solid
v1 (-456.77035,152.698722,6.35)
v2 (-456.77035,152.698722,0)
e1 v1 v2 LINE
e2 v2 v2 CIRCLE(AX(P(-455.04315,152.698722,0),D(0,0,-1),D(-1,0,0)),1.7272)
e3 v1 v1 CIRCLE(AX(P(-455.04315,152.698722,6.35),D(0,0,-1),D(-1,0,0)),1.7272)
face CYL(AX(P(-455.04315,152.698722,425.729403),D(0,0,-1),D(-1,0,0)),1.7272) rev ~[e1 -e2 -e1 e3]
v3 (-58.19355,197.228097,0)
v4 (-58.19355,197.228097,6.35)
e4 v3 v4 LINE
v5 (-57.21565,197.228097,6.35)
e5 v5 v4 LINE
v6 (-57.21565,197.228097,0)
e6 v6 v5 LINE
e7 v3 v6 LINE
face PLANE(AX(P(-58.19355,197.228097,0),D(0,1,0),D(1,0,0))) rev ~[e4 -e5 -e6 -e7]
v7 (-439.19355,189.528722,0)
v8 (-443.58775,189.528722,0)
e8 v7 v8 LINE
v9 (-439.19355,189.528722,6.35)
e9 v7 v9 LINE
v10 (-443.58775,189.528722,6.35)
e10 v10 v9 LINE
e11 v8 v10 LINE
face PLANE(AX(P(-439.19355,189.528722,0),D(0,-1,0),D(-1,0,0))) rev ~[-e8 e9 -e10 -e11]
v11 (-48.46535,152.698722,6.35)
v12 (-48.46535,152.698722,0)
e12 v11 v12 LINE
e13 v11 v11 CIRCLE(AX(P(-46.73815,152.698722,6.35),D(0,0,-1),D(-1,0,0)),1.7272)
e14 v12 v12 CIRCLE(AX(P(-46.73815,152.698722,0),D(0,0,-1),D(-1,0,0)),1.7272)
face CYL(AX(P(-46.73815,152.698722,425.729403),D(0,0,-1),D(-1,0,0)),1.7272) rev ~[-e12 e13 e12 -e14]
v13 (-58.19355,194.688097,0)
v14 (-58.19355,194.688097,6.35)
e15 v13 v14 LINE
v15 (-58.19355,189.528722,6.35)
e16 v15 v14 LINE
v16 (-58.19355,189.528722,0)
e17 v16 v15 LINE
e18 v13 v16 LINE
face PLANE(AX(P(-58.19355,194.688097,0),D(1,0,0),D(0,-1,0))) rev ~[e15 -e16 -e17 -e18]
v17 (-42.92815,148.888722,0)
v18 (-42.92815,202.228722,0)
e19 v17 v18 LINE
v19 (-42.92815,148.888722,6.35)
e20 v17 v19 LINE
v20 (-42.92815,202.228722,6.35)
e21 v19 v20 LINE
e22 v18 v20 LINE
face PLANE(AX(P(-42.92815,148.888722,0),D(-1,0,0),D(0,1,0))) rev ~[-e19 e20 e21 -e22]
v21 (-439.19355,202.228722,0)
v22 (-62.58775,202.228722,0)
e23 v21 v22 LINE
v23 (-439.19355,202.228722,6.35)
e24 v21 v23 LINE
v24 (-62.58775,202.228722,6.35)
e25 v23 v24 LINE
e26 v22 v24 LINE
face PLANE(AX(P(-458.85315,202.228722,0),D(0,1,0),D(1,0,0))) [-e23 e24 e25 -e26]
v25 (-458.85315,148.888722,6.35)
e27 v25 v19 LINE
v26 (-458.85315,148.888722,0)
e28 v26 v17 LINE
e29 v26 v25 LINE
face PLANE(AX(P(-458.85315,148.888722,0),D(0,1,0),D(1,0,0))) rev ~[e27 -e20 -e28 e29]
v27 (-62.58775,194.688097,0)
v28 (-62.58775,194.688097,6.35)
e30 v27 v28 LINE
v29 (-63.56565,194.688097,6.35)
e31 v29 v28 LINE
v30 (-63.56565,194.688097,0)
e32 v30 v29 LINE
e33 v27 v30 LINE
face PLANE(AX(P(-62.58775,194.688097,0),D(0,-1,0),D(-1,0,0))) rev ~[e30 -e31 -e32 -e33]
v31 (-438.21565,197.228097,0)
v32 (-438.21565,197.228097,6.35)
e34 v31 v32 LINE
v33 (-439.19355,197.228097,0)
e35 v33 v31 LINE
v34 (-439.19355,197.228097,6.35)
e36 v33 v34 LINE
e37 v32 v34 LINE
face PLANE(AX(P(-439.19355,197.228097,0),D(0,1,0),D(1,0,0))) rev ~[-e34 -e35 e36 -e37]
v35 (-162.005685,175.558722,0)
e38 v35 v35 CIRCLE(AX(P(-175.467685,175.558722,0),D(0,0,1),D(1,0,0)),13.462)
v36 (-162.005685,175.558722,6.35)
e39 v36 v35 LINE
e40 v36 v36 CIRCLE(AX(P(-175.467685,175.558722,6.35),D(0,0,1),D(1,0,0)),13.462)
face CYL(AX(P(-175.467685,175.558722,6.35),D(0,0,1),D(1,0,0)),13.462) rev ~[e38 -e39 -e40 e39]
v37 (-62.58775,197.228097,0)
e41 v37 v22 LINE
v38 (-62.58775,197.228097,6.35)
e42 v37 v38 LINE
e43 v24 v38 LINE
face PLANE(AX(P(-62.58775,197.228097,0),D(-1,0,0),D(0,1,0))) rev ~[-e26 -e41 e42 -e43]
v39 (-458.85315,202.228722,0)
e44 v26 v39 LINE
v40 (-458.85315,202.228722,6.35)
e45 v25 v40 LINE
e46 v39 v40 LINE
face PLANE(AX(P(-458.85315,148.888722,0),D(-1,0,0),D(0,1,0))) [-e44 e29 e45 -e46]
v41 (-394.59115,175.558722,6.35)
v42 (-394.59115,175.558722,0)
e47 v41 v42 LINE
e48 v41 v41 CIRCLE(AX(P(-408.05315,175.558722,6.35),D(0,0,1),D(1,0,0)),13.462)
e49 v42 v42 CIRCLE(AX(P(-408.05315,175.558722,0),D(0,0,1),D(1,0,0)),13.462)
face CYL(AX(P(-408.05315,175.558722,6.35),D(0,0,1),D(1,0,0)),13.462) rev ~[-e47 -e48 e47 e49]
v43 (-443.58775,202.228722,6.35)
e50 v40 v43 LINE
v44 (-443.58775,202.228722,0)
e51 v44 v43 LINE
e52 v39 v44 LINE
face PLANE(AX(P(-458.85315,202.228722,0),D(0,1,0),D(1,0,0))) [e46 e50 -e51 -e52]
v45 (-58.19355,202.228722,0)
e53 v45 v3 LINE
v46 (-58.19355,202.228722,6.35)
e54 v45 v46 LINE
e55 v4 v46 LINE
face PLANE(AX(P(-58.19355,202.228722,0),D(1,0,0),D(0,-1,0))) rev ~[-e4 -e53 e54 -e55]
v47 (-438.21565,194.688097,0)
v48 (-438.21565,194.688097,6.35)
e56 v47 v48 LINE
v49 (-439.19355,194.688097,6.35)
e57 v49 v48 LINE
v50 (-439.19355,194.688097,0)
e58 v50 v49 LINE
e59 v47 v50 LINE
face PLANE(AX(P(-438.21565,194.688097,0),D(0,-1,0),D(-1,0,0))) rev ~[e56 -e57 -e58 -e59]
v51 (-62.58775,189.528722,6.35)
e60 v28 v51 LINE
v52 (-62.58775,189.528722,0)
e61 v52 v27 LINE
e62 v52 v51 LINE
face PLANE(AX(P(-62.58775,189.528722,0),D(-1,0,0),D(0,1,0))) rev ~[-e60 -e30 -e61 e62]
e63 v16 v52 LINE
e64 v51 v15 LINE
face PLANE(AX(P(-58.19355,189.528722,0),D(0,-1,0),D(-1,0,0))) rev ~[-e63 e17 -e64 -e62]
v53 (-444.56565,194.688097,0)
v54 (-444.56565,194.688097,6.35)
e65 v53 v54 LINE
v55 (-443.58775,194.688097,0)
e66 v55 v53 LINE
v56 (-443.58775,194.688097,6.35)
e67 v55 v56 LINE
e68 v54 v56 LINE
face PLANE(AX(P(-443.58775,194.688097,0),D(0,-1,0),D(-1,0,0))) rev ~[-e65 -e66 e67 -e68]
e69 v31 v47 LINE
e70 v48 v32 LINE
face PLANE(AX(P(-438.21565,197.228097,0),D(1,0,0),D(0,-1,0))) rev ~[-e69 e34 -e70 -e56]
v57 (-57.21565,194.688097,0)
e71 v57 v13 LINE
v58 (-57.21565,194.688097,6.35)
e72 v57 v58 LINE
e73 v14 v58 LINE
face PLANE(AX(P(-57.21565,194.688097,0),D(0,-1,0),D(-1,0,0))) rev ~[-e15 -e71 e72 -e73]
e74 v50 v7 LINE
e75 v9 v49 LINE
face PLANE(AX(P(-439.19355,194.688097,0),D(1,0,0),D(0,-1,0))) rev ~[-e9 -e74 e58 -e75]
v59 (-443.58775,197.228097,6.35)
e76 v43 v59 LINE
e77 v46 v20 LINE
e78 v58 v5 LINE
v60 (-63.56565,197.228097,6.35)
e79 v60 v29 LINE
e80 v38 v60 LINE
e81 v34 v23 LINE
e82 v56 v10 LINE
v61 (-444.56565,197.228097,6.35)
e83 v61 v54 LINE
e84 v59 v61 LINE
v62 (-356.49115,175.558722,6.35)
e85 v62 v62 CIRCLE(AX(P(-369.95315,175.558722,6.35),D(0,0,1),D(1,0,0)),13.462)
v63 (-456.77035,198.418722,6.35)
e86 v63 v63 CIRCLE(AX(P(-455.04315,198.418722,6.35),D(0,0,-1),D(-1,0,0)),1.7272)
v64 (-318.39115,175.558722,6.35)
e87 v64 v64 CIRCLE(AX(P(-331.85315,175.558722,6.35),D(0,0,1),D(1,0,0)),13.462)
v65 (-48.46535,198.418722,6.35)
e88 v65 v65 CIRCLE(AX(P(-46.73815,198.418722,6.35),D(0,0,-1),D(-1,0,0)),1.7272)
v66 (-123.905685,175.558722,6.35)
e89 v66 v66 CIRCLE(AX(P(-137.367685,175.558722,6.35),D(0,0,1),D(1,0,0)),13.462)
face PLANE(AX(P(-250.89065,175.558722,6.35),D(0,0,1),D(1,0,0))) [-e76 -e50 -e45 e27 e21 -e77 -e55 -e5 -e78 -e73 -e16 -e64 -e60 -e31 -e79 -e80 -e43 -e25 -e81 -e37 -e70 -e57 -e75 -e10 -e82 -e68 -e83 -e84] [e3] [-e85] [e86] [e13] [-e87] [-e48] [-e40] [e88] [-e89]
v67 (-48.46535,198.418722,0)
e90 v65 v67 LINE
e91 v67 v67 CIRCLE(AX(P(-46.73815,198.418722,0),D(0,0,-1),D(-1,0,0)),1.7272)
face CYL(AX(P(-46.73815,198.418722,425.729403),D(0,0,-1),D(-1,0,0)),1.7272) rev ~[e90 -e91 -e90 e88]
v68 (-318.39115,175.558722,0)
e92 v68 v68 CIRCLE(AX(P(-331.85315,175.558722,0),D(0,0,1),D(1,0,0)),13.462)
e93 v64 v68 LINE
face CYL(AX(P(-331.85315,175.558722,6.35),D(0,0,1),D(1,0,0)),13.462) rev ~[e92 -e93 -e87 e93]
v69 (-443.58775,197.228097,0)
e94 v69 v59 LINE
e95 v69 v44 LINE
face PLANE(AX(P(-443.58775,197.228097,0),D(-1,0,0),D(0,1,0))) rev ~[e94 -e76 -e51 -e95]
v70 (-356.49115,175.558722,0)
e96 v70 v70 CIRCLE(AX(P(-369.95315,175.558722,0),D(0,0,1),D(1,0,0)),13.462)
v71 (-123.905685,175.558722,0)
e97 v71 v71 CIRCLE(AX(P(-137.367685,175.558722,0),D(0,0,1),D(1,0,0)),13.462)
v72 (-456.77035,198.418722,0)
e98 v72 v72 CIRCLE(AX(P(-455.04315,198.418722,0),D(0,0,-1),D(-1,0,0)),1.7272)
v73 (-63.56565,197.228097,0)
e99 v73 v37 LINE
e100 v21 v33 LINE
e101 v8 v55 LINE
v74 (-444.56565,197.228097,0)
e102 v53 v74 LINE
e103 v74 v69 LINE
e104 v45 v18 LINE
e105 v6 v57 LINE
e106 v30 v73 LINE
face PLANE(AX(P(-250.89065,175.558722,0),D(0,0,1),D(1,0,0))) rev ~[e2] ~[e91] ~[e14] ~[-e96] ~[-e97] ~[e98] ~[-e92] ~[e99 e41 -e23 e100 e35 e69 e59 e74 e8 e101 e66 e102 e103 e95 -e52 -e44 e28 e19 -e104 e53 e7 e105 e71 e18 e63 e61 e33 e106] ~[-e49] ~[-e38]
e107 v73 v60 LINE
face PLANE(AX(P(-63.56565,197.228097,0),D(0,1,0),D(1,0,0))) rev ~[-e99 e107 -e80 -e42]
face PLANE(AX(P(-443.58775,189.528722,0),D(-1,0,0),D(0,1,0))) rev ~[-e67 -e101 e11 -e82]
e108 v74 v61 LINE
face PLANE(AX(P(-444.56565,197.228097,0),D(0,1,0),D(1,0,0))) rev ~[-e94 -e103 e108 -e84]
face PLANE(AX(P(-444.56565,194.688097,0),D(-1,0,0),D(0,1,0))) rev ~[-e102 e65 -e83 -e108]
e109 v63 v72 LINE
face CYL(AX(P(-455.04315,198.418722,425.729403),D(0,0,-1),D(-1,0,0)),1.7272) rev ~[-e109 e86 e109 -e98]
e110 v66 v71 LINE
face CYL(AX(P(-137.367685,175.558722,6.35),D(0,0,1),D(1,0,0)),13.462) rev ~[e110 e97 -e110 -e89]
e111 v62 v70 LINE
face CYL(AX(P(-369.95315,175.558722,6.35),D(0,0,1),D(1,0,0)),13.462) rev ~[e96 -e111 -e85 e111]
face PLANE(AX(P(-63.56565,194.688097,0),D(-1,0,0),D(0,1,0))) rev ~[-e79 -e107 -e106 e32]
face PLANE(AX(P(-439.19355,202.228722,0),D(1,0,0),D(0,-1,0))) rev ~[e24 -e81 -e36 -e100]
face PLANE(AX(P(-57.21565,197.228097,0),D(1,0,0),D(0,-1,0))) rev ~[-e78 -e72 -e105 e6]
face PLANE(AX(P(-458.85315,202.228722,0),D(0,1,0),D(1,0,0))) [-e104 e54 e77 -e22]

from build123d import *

# Parameters (mm, degrees)
SKETCH1_W                   = 415.925
SKETCH1_H                   = 53.34
BOSS_EXTRUDE1_DEPTH         = 6.35
SKETCH6_R                   = 13.462
CUT_EXTRUDE4_DEPTH          = 502.480799104
F_29_0_136_DIAMETER_HOLE1_D = 3.4544
CUT_EXTRUDE3_DEPTH          = 502.480799104


with BuildPart() as part:
    # Sketch1 → Boss-Extrude1 (new body)
    with BuildSketch(Plane.XY):
        with Locations((-250.890650119, 175.558721987)):
            Rectangle(SKETCH1_W, SKETCH1_H)
    extrude(amount=BOSS_EXTRUDE1_DEPTH)

    # Sketch6 → Cut-Extrude4 (cut, through all)
    with BuildSketch(Plane.XY.offset(6.35)):
        with Locations((-408.053150119, 175.558721987)):
            Circle(SKETCH6_R)
        with Locations((-175.467685368, 175.558721987)):
            Circle(SKETCH6_R)
        with Locations((-369.953150119, 175.558721987)):
            Circle(SKETCH6_R)
        with Locations((-331.853150119, 175.558721987)):
            Circle(SKETCH6_R)
        with Locations((-137.367685368, 175.558721987)):
            Circle(SKETCH6_R)
    extrude(amount=-CUT_EXTRUDE4_DEPTH, mode=Mode.SUBTRACT)

    # #29 (0.136) Diameter Hole1 (through all)
    with Locations(Plane.XY.offset(6.35)):
        with Locations((-455.043150119, 198.418721987), (-455.043150119, 152.698721987), (-46.738150119, 198.418721987), (-46.738150119, 152.698721987)):
            Hole(F_29_0_136_DIAMETER_HOLE1_D / 2)

    # Sketch5 → Cut-Extrude3 (cut, through all)
    with BuildSketch(Plane(origin=(0, 0, 0), x_dir=(-1, 0, 0), z_dir=(0, 0, -1))):
        Polygon((443.587750119, 202.228721987), (439.193550119, 202.228721987), (439.193550119, 197.228096987), (438.215650119, 197.228096987), (438.215650119, 194.688096987), (439.193550119, 194.688096987), (439.193550119, 189.528721987), (443.587750119, 189.528721987), (443.587750119, 194.688096987), (444.565650119, 194.688096987), (444.565650119, 197.228096987), (443.587750119, 197.228096987), align=None)
        Polygon((62.587750119, 202.228721987), (58.193550119, 202.228721987), (58.193550119, 197.228096987), (57.215650119, 197.228096987), (57.215650119, 194.688096987), (58.193550119, 194.688096987), (58.193550119, 189.528721987), (62.587750119, 189.528721987), (62.587750119, 194.688096987), (63.565650119, 194.688096987), (63.565650119, 197.228096987), (62.587750119, 197.228096987), align=None)
    extrude(amount=-CUT_EXTRUDE3_DEPTH, mode=Mode.SUBTRACT)


solid = part.part
